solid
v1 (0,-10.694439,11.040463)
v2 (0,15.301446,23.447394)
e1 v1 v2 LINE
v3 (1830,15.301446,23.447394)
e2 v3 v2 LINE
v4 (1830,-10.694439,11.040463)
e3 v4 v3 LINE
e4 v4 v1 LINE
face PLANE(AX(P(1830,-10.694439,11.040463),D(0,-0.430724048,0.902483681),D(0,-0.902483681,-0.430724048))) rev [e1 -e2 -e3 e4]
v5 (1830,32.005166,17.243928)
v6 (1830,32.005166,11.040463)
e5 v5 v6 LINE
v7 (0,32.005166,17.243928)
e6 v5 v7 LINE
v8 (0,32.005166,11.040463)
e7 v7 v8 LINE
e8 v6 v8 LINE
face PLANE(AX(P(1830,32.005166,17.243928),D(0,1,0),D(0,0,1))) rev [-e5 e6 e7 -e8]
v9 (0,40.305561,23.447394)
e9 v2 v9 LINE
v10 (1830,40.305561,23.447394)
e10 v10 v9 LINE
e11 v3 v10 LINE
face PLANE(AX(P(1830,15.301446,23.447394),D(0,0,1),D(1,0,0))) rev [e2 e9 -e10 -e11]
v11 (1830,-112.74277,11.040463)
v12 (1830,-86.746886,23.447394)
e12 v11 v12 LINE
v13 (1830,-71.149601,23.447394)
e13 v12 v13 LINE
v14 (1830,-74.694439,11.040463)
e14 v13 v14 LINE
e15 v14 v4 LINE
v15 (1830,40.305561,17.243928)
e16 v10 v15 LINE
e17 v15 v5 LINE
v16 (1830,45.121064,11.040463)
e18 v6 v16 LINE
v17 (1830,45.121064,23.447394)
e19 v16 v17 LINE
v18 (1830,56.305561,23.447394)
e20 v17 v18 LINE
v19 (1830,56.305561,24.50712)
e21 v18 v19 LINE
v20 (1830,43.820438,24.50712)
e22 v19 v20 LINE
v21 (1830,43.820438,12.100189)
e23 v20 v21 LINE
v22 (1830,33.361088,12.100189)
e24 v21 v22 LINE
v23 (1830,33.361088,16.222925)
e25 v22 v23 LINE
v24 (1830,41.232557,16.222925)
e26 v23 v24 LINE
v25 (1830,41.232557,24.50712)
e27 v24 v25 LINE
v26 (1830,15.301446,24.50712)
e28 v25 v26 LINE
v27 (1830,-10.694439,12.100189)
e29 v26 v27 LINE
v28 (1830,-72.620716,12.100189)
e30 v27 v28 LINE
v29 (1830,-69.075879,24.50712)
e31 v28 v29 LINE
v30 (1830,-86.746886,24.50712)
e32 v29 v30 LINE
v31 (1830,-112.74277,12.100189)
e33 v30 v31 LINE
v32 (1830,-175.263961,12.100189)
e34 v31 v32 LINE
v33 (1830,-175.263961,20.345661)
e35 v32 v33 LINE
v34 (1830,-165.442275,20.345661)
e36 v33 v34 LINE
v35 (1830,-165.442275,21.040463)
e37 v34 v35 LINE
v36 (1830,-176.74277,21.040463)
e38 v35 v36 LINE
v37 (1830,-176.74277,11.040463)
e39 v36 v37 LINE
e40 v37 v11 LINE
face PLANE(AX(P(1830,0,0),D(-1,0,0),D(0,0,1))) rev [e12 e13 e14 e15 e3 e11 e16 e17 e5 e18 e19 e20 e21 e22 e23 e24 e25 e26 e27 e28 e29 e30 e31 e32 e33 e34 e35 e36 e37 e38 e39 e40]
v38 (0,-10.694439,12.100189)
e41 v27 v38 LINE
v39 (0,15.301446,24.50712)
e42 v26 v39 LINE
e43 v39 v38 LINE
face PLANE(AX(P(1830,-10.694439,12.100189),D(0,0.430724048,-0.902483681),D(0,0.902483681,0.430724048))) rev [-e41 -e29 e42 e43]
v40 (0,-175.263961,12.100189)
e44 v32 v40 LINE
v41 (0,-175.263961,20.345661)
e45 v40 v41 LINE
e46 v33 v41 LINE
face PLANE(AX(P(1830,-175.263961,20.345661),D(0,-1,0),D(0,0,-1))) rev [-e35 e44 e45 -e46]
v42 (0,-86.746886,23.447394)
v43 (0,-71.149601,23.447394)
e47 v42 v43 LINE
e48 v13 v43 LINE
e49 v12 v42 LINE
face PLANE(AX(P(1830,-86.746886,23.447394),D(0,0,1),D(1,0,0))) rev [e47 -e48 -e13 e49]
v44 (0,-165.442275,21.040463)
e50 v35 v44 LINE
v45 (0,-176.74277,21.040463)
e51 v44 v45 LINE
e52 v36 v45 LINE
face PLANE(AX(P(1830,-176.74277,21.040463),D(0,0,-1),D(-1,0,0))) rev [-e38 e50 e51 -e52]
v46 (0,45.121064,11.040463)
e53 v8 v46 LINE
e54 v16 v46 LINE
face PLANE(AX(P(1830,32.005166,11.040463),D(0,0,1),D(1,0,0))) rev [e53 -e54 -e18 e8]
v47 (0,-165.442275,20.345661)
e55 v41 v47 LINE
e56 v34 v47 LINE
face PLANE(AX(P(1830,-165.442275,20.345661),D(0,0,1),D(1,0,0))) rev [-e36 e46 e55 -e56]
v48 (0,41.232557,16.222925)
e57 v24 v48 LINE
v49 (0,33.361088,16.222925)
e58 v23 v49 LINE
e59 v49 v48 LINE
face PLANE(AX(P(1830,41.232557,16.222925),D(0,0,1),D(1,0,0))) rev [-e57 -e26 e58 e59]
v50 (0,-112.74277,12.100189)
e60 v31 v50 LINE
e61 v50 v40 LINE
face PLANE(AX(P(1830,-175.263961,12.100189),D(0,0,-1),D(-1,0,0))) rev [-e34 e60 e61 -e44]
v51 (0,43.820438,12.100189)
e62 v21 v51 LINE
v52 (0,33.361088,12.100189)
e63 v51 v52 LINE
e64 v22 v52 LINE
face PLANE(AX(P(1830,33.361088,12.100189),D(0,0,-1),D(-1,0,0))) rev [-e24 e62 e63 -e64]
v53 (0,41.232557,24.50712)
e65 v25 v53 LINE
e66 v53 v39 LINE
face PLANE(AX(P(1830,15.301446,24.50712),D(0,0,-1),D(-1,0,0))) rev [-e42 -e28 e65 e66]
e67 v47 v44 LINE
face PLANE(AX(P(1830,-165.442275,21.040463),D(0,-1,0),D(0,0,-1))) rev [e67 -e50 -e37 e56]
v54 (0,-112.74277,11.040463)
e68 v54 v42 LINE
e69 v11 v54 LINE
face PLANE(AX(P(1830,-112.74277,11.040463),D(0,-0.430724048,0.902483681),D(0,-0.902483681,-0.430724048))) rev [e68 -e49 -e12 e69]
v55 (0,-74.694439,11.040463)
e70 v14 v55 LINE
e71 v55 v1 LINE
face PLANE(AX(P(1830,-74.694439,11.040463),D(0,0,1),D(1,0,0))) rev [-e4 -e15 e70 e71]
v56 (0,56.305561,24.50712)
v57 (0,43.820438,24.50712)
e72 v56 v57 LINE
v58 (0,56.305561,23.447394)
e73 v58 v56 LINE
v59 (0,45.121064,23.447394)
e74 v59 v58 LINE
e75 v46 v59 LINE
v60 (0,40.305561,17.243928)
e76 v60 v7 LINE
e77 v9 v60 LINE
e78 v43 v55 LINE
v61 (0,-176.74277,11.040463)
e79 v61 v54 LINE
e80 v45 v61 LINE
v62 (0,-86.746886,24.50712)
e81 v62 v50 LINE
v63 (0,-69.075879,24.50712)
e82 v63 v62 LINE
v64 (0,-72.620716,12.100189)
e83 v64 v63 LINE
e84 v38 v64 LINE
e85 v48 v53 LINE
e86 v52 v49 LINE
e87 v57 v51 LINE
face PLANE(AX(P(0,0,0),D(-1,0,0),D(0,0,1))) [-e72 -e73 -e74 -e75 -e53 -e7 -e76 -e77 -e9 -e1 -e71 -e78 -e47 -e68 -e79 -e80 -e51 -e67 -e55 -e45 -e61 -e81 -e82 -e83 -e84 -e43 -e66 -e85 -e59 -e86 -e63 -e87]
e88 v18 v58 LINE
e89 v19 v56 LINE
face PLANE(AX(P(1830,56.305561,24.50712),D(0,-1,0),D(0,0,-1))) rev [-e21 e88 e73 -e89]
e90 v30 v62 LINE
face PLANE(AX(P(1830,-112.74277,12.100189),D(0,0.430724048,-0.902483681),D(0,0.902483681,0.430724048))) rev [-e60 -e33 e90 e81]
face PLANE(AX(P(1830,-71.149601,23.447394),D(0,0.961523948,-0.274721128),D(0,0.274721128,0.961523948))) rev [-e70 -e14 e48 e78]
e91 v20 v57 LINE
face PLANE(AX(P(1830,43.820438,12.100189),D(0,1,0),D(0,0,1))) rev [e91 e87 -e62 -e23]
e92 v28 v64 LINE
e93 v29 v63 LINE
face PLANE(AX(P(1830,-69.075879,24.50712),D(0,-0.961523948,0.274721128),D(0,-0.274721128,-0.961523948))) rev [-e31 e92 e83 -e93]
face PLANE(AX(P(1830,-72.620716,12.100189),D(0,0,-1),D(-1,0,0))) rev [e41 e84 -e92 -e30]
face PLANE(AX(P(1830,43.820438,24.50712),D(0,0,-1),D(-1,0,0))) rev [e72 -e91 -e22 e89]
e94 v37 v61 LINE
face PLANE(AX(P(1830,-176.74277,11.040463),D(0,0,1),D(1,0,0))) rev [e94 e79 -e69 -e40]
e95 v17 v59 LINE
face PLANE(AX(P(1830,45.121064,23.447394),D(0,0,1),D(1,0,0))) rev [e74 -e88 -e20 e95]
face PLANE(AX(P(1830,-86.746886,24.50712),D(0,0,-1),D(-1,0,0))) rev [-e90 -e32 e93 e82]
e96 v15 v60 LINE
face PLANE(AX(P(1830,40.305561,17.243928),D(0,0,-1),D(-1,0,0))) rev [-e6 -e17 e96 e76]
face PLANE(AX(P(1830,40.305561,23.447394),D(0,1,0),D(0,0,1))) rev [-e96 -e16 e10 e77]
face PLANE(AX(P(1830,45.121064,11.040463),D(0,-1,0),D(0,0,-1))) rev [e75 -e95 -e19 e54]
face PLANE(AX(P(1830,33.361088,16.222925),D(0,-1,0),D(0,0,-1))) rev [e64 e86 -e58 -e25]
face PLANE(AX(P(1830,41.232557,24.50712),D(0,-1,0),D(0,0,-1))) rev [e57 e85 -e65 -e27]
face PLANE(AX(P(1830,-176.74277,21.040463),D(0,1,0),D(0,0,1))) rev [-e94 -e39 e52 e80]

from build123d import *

# Parameters (mm, degrees)
EXTRUDE_1_DEPTH = 1830


with BuildPart() as part:
    # Эскиз1 → Бобышка-Вытянуть1 (new body)
    with BuildSketch(Plane(origin=(0, 0, 0), x_dir=(0, 0, -1), z_dir=(1, 0, 0))):
        Polygon((-21.04046283, -176.74277017), (-11.04046283, -176.74277017), (-11.04046283, -112.74277017), (-23.447393592, -86.746885797), (-23.447393592, -71.14960141), (-11.04046283, -74.694438771), (-11.04046283, -10.694438771), (-23.447393592, 15.301445602), (-23.447393592, 40.305561229), (-17.243928211, 40.305561229), (-17.243928211, 32.005165785), (-11.04046283, 32.005165785), (-11.04046283, 45.121064019), (-23.447393592, 45.121064019), (-23.447393592, 56.305561229), (-24.507119661, 56.305561229), (-24.507119661, 43.820437884), (-12.100188898, 43.820437884), (-12.100188898, 33.361087922), (-16.2229249, 33.361087922), (-16.2229249, 41.232557481), (-24.507119661, 41.232557481), (-24.507119661, 15.301445602), (-12.100188898, -10.694438771), (-12.100188898, -72.620716315), (-24.507119661, -69.075878954), (-24.507119661, -86.746885797), (-12.100188898, -112.74277017), (-12.100188898, -175.263961293), (-20.345660902, -175.263961293), (-20.345660902, -165.442275203), (-21.04046283, -165.442275203), align=None)
    extrude(amount=EXTRUDE_1_DEPTH)


solid = part.part
